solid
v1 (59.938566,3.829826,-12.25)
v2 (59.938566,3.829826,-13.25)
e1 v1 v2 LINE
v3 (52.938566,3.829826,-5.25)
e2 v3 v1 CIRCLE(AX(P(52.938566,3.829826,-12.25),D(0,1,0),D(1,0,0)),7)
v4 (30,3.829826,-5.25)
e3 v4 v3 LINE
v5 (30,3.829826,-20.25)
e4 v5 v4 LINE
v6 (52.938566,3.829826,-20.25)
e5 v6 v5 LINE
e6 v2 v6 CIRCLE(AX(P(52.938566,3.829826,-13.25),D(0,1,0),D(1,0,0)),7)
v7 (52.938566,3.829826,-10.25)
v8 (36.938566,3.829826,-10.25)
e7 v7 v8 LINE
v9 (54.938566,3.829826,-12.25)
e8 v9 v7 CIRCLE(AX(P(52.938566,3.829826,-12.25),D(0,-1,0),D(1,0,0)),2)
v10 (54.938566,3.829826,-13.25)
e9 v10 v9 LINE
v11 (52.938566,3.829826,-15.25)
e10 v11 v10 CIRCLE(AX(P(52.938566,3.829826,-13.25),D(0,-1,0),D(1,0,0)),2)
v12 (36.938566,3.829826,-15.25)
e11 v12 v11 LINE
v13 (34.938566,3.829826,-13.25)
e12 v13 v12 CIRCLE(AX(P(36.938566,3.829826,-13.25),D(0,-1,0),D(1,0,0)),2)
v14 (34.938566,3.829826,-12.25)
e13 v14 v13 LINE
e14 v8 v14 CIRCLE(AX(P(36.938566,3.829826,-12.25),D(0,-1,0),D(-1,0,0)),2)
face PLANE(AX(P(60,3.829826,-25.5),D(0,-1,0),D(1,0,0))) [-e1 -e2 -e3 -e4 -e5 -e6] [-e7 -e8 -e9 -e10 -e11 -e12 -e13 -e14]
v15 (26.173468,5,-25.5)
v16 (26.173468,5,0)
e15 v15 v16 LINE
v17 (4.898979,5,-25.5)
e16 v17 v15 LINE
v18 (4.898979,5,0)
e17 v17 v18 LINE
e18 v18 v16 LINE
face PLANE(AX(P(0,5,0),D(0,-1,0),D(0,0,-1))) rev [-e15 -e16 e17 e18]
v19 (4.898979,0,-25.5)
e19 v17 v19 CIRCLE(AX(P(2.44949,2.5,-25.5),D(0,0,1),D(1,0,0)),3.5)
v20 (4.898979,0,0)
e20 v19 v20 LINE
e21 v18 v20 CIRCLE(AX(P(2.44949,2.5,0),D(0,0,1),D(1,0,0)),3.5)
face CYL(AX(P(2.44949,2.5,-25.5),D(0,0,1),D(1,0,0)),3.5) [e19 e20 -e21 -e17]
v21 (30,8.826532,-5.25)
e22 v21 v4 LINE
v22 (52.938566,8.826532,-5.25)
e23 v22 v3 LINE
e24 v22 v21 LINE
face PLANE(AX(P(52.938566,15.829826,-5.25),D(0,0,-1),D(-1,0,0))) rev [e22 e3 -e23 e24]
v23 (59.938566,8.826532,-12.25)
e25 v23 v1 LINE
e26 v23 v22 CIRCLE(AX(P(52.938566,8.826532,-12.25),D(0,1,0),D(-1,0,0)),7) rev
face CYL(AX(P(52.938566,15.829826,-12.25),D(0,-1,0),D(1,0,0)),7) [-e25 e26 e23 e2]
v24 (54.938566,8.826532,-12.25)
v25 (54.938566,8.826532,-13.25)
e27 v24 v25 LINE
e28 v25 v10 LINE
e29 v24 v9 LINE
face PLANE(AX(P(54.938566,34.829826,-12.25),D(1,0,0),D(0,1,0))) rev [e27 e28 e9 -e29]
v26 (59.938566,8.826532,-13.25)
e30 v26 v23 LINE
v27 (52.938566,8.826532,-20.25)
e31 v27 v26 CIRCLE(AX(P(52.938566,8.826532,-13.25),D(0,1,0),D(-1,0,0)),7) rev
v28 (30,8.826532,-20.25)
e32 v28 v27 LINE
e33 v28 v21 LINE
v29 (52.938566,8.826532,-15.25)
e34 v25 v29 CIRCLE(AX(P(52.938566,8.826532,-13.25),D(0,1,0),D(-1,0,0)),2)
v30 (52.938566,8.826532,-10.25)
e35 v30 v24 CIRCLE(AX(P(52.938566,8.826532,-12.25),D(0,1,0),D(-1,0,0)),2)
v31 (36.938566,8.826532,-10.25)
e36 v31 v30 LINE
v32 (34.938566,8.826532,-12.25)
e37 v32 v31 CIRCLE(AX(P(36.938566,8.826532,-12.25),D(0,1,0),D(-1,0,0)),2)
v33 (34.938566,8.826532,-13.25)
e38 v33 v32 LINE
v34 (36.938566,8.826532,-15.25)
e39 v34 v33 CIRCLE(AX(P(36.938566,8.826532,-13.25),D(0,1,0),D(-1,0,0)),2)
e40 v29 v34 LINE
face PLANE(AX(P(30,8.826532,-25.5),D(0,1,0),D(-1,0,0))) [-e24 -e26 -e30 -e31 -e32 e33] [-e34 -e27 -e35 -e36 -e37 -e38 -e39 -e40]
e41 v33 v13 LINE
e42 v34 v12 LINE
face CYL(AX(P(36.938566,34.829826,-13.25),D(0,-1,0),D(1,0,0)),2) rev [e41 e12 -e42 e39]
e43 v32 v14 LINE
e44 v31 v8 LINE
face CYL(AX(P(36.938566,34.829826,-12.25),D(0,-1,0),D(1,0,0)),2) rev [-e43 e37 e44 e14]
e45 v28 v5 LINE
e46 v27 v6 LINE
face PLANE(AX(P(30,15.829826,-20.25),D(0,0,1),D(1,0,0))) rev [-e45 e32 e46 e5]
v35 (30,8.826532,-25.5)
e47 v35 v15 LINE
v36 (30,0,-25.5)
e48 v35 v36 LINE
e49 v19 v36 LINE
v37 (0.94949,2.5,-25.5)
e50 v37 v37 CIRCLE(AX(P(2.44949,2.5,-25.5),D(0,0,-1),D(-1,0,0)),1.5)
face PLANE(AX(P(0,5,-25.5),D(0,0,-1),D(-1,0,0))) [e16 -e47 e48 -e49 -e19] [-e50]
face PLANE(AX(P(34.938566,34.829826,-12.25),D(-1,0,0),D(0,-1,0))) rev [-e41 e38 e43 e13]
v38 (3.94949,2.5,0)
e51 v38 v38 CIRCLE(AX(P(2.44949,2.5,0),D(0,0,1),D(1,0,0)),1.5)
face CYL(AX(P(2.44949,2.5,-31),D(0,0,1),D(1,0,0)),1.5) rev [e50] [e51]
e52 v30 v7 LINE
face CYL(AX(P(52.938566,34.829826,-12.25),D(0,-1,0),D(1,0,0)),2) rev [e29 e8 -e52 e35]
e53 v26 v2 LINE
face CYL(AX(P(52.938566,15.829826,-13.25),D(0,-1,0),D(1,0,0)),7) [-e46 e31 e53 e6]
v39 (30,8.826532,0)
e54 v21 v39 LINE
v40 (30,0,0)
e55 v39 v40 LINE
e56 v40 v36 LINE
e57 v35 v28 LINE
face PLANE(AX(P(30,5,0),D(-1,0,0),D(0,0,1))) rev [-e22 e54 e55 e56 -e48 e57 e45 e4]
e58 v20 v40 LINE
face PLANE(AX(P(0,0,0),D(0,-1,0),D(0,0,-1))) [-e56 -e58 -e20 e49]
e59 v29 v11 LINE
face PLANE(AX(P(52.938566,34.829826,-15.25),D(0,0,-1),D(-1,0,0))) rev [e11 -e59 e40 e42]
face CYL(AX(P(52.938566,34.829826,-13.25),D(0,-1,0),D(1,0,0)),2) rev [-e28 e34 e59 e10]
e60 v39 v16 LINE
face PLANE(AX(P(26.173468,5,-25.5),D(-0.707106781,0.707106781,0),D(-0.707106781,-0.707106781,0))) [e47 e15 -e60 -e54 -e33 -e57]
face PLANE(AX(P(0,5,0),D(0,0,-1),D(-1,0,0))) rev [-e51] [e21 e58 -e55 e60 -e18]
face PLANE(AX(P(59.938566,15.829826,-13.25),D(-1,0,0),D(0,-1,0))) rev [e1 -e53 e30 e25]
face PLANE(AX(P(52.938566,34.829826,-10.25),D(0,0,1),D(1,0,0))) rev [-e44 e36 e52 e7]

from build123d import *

# Parameters (mm, degrees)
CROQUIS1_W              = 30
CROQUIS1_H              = 25.5
SALIENTE_EXTRUIR1_DEPTH = 5
SALIENTE_EXTRUIR2_DEPTH = 25.5
CROQUIS3_R              = 3.5
SALIENTE_EXTRUIR3_DEPTH = 25.5
CROQUIS4_R              = 1.5
CORTAR_EXTRUIR1_DEPTH   = 31
CORTAR_EXTRUIR2_DEPTH   = 31
CORTAR_EXTRUIR3_DEPTH   = 12


with BuildPart() as part:
    # Croquis1 → Saliente-Extruir1 (new body)
    with BuildSketch(Plane(origin=(0, 0, 0), x_dir=(1, 0, 0), z_dir=(0, 1, 0))):
        with Locations((15, 12.75)):
            Rectangle(CROQUIS1_W, CROQUIS1_H)
    extrude(amount=SALIENTE_EXTRUIR1_DEPTH)

    # Croquis2 → Saliente-Extruir2 (add)
    with BuildSketch(Plane.XY):
        Polygon((26.173467515, 5), (30, 8.826532485), (60, 8.826532485), (60, 3.829826023), (30, 3.829826023), (30, 5), align=None)
    extrude(amount=-SALIENTE_EXTRUIR2_DEPTH)

    # Croquis3 → Saliente-Extruir3 (add)
    with BuildSketch(Plane.XY):
        with Locations((2.449489743, 2.5)):
            Circle(CROQUIS3_R)
    extrude(amount=-SALIENTE_EXTRUIR3_DEPTH)

    # Croquis4 → Cortar-Extruir1 (cut)
    with BuildSketch(Plane.XY):
        with Locations((2.449489743, 2.5)):
            Circle(CROQUIS4_R)
    extrude(amount=-CORTAR_EXTRUIR1_DEPTH, mode=Mode.SUBTRACT)

    # Croquis5 → Cortar-Extruir2 (cut)
    with BuildSketch(Plane.XZ.offset(-3.829826023)):
        with BuildLine():
            Line((52.938565695, -10.25), (36.938565695, -10.25))
            ThreePointArc((36.938565695, -10.25), (35.524352133, -10.835786438), (34.938565695, -12.25))
            Line((34.938565695, -12.25), (34.938565695, -13.25))
            ThreePointArc((34.938565695, -13.25), (35.524352133, -14.664213562), (36.938565695, -15.25))
            Line((36.938565695, -15.25), (52.938565695, -15.25))
            ThreePointArc((52.938565695, -15.25), (54.352779258, -14.664213562), (54.938565695, -13.25))
            Line((54.938565695, -13.25), (54.938565695, -12.25))
            ThreePointArc((54.938565695, -12.25), (54.352779258, -10.835786438), (52.938565695, -10.25))
        make_face()
    extrude(amount=-CORTAR_EXTRUIR2_DEPTH, mode=Mode.SUBTRACT)

    # Croquis6 → Cortar-Extruir3 (cut)
    with BuildSketch(Plane.XZ.offset(-3.829826023)):
        with BuildLine():
            Line((36.938565695, -5.25), (30, -5.25))
            Line((30, -5.25), (30, 0))
            Line((30, 0), (60, 0))
            Line((60, 0), (60, -25.5))
            Line((60, -25.5), (30, -25.5))
            Line((30, -25.5), (30, -20.25))
            Line((30, -20.25), (36.938565695, -20.25))
            Line((36.938565695, -20.25), (52.938565695, -20.25))
            ThreePointArc((52.938565695, -20.25), (57.888313164, -18.199747468), (59.938565695, -13.25))
            Line((59.938565695, -13.25), (59.938565695, -12.25))
            ThreePointArc((59.938565695, -12.25), (57.888313164, -7.300252532), (52.938565695, -5.25))
            Line((52.938565695, -5.25), (36.938565695, -5.25))
        make_face()
    extrude(amount=-CORTAR_EXTRUIR3_DEPTH, mode=Mode.SUBTRACT)


solid = part.part
